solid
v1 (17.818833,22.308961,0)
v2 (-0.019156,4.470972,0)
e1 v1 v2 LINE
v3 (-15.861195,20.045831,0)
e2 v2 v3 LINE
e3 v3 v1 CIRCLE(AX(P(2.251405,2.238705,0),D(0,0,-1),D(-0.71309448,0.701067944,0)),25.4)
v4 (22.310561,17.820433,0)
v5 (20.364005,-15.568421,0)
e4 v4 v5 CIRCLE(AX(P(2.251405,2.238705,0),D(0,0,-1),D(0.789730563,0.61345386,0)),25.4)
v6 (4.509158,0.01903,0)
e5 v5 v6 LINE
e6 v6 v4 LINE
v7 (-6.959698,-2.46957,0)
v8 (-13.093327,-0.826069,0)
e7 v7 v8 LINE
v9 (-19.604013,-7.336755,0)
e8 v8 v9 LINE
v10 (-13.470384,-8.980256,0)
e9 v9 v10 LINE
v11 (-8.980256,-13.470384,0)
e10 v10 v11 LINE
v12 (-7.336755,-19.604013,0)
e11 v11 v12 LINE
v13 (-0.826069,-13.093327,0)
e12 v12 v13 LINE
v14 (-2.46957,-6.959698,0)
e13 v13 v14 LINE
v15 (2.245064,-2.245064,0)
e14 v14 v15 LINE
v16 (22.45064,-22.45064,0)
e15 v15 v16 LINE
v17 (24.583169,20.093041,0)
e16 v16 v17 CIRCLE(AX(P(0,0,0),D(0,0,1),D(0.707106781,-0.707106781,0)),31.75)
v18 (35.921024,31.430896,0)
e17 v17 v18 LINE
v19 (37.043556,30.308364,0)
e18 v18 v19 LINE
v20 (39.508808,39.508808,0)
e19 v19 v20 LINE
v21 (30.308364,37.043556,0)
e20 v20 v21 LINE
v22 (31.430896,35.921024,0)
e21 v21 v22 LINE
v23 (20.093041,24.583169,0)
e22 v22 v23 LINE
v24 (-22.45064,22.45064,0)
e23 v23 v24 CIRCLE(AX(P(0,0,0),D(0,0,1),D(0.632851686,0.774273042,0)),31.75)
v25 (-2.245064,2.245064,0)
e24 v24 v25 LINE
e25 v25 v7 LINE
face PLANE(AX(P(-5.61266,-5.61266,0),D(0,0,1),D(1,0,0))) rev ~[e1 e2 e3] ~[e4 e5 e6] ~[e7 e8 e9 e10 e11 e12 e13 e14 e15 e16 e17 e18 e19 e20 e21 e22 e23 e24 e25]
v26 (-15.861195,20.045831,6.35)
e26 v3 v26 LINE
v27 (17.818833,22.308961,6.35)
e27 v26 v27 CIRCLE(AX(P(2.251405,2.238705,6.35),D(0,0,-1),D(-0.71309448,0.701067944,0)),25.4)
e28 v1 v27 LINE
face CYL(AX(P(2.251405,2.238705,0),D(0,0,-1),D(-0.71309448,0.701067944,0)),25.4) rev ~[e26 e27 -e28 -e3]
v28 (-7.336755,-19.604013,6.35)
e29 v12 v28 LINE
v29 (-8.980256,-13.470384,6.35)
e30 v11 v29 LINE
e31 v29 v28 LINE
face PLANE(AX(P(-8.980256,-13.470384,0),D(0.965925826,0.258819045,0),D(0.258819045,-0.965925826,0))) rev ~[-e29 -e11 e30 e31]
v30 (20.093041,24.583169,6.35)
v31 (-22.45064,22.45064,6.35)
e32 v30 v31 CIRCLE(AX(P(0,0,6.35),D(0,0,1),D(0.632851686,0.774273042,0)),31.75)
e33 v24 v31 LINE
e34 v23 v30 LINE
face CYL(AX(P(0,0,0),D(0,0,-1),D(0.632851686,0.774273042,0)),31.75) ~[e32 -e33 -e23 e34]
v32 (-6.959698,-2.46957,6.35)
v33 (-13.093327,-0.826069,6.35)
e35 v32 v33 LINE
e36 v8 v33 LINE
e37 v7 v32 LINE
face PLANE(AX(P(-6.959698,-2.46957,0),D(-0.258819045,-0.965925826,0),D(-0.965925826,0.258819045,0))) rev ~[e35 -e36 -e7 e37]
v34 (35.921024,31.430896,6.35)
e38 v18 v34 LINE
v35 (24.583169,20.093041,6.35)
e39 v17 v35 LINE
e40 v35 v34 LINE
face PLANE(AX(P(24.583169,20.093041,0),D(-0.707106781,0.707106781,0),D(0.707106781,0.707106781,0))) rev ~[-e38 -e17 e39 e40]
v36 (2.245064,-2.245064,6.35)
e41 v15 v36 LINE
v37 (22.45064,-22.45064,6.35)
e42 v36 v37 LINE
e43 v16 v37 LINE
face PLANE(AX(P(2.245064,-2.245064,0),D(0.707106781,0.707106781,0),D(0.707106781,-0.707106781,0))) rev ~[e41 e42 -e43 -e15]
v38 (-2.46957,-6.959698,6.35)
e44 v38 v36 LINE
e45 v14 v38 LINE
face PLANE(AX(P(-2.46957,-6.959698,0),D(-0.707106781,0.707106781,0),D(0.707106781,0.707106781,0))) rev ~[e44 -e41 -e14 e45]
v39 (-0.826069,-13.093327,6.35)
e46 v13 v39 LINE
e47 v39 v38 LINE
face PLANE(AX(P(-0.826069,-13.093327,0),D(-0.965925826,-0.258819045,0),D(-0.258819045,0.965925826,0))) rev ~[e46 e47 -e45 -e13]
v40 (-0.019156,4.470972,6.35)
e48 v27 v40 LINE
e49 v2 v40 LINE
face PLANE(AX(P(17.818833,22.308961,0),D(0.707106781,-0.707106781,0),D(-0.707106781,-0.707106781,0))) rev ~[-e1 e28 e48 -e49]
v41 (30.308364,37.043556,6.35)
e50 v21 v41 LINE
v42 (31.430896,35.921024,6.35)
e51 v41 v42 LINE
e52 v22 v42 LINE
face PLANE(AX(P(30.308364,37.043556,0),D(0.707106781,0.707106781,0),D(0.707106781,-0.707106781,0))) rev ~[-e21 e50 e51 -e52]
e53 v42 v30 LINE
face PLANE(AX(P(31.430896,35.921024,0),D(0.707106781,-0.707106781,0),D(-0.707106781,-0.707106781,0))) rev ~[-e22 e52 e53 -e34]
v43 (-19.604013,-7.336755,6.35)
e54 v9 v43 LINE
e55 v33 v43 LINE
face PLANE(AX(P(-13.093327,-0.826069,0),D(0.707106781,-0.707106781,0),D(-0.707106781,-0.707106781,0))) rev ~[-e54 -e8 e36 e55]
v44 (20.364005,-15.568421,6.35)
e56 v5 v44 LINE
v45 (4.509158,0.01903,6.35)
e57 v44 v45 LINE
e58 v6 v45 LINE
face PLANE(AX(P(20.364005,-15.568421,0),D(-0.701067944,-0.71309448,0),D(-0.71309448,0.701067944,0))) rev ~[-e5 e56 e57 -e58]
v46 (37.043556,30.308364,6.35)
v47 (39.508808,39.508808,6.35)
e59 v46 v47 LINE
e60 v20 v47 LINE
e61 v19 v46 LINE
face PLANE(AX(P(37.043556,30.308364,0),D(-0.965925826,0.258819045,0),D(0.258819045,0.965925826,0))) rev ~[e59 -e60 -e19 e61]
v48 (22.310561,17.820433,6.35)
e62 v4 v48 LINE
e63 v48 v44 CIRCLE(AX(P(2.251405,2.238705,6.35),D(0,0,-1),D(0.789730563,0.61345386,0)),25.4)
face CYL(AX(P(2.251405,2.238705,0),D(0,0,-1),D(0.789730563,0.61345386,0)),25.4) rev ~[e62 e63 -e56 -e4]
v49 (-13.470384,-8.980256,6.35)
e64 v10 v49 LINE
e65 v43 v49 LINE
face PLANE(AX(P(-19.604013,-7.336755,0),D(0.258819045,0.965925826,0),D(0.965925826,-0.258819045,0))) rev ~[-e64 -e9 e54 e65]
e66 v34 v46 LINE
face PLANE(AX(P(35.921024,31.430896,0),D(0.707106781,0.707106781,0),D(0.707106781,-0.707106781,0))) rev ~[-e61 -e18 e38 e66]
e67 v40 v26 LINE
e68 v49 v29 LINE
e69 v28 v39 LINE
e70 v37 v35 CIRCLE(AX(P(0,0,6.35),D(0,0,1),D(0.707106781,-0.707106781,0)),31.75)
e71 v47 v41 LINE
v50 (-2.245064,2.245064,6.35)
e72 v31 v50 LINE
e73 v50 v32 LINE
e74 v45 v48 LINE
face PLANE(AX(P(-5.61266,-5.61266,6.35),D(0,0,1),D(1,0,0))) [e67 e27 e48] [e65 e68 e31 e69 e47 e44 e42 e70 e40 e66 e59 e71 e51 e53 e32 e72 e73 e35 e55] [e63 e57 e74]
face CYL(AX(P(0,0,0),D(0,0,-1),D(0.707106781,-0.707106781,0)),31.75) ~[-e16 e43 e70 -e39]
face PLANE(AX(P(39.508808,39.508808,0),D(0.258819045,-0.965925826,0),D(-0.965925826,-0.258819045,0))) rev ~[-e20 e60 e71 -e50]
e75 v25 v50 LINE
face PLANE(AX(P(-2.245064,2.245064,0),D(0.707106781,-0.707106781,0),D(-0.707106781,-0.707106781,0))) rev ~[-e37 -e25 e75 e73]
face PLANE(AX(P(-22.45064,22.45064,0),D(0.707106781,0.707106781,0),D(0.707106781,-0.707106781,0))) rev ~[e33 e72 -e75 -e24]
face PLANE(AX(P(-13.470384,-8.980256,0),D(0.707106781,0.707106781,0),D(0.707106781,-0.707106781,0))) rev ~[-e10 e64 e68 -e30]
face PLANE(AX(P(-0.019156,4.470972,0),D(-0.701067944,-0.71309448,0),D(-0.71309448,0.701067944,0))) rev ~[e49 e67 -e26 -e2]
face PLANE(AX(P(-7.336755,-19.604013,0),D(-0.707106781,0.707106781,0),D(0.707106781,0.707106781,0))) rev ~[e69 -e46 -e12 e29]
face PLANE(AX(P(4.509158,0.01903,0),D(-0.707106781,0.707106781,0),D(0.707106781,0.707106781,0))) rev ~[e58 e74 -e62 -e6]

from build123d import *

# Parameters (mm, degrees)
F1_DEPTH = 6.35


with BuildPart() as f1:
    # F0 (on Top) → F1 (new body)
    with BuildSketch(Plane.XY):
        Polygon((-2.4695704333, -6.9596984938), (2.2450640303, -2.2450640303), (-2.2450640303, 2.2450640303), (-6.9596984938, -2.4695704333), (-13.4703841816, -8.9802561211), (-8.9802561211, -13.4703841816), align=None)
        Polygon((-13.4703841816, -8.9802561211), (-6.9596984938, -2.4695704333), (-13.0933274908, -0.8260694969), (-19.6040131785, -7.3367551847), align=None)
        Polygon((-0.8260694969, -13.0933274908), (-2.4695704333, -6.9596984938), (-8.9802561211, -13.4703841816), (-7.3367551847, -19.6040131785), align=None)
        Polygon((-2.2450640303, 2.2450640303), (2.2450640303, -2.2450640303), (4.5091578953, 0.0190298348), (-0.0191557985, 4.4709722621), align=None)
        with BuildLine():
            Line((17.8188331623, 22.3089612229), (20.0930410259, 24.5831690864))
            ThreePointArc((20.0930410259, 24.5831690864), (-1.5894931081, 31.7101878213), (-22.4506403027, 22.4506403027))
            Line((-22.4506403027, 22.4506403027), (-2.2450640303, 2.2450640303))
            Line((-2.2450640303, 2.2450640303), (-0.0191557985, 4.4709722621))
            Line((-0.0191557985, 4.4709722621), (-15.861194844, 20.0458309248))
            ThreePointArc((-15.861194844, 20.0458309248), (0.5484914827, 27.5815559265), (17.8188331623, 22.3089612229))
        make_face()
        with BuildLine():
            Line((2.2450640303, -2.2450640303), (22.4506403027, -22.4506403027))
            ThreePointArc((22.4506403027, -22.4506403027), (31.7101878213, -1.5894931081), (24.5831690864, 20.0930410259))
            Line((24.5831690864, 20.0930410259), (22.3105612486, 17.820433188))
            ThreePointArc((22.3105612486, 17.820433188), (27.6083493822, 0.7604056771), (20.3640047541, -15.5684206338))
            Line((20.3640047541, -15.5684206338), (4.5091578953, 0.0190298348))
            Line((4.5091578953, 0.0190298348), (2.2450640303, -2.2450640303))
        make_face()
        with BuildLine():
            Line((4.5091578953, 0.0190298348), (22.3105612486, 17.820433188))
            ThreePointArc((22.3105612486, 17.820433188), (20.2055159544, 20.2056163497), (17.8188331623, 22.3089612229))
            Line((17.8188331623, 22.3089612229), (-0.0191557985, 4.4709722621))
            Line((-0.0191557985, 4.4709722621), (4.5091578953, 0.0190298348))
        make_face()
        with BuildLine():
            ThreePointArc((20.0930410259, 24.5831690864), (22.4506403027, 22.4506403027), (24.5831690864, 20.0930410259))
            Line((24.5831690864, 20.0930410259), (35.9210244843, 31.4308964237))
            Line((35.9210244843, 31.4308964237), (33.675960454, 33.675960454))
            Line((33.675960454, 33.675960454), (31.4308964237, 35.9210244843))
            Line((31.4308964237, 35.9210244843), (20.0930410259, 24.5831690864))
        make_face()
        with BuildLine():
            Line((22.3105612486, 17.820433188), (24.5831690864, 20.0930410259))
            ThreePointArc((24.5831690864, 20.0930410259), (22.4506403027, 22.4506403027), (20.0930410259, 24.5831690864))
            Line((20.0930410259, 24.5831690864), (17.8188331623, 22.3089612229))
            ThreePointArc((17.8188331623, 22.3089612229), (20.2055159544, 20.2056163497), (22.3105612486, 17.820433188))
        make_face()
        Polygon((33.675960454, 33.675960454), (35.9210244843, 31.4308964237), (37.0435564994, 30.3083644086), (39.508807904, 39.508807904), align=None)
        Polygon((30.3083644086, 37.0435564994), (31.4308964237, 35.9210244843), (33.675960454, 33.675960454), (39.508807904, 39.508807904), align=None)
    extrude(amount=F1_DEPTH)


solid = f1.part
